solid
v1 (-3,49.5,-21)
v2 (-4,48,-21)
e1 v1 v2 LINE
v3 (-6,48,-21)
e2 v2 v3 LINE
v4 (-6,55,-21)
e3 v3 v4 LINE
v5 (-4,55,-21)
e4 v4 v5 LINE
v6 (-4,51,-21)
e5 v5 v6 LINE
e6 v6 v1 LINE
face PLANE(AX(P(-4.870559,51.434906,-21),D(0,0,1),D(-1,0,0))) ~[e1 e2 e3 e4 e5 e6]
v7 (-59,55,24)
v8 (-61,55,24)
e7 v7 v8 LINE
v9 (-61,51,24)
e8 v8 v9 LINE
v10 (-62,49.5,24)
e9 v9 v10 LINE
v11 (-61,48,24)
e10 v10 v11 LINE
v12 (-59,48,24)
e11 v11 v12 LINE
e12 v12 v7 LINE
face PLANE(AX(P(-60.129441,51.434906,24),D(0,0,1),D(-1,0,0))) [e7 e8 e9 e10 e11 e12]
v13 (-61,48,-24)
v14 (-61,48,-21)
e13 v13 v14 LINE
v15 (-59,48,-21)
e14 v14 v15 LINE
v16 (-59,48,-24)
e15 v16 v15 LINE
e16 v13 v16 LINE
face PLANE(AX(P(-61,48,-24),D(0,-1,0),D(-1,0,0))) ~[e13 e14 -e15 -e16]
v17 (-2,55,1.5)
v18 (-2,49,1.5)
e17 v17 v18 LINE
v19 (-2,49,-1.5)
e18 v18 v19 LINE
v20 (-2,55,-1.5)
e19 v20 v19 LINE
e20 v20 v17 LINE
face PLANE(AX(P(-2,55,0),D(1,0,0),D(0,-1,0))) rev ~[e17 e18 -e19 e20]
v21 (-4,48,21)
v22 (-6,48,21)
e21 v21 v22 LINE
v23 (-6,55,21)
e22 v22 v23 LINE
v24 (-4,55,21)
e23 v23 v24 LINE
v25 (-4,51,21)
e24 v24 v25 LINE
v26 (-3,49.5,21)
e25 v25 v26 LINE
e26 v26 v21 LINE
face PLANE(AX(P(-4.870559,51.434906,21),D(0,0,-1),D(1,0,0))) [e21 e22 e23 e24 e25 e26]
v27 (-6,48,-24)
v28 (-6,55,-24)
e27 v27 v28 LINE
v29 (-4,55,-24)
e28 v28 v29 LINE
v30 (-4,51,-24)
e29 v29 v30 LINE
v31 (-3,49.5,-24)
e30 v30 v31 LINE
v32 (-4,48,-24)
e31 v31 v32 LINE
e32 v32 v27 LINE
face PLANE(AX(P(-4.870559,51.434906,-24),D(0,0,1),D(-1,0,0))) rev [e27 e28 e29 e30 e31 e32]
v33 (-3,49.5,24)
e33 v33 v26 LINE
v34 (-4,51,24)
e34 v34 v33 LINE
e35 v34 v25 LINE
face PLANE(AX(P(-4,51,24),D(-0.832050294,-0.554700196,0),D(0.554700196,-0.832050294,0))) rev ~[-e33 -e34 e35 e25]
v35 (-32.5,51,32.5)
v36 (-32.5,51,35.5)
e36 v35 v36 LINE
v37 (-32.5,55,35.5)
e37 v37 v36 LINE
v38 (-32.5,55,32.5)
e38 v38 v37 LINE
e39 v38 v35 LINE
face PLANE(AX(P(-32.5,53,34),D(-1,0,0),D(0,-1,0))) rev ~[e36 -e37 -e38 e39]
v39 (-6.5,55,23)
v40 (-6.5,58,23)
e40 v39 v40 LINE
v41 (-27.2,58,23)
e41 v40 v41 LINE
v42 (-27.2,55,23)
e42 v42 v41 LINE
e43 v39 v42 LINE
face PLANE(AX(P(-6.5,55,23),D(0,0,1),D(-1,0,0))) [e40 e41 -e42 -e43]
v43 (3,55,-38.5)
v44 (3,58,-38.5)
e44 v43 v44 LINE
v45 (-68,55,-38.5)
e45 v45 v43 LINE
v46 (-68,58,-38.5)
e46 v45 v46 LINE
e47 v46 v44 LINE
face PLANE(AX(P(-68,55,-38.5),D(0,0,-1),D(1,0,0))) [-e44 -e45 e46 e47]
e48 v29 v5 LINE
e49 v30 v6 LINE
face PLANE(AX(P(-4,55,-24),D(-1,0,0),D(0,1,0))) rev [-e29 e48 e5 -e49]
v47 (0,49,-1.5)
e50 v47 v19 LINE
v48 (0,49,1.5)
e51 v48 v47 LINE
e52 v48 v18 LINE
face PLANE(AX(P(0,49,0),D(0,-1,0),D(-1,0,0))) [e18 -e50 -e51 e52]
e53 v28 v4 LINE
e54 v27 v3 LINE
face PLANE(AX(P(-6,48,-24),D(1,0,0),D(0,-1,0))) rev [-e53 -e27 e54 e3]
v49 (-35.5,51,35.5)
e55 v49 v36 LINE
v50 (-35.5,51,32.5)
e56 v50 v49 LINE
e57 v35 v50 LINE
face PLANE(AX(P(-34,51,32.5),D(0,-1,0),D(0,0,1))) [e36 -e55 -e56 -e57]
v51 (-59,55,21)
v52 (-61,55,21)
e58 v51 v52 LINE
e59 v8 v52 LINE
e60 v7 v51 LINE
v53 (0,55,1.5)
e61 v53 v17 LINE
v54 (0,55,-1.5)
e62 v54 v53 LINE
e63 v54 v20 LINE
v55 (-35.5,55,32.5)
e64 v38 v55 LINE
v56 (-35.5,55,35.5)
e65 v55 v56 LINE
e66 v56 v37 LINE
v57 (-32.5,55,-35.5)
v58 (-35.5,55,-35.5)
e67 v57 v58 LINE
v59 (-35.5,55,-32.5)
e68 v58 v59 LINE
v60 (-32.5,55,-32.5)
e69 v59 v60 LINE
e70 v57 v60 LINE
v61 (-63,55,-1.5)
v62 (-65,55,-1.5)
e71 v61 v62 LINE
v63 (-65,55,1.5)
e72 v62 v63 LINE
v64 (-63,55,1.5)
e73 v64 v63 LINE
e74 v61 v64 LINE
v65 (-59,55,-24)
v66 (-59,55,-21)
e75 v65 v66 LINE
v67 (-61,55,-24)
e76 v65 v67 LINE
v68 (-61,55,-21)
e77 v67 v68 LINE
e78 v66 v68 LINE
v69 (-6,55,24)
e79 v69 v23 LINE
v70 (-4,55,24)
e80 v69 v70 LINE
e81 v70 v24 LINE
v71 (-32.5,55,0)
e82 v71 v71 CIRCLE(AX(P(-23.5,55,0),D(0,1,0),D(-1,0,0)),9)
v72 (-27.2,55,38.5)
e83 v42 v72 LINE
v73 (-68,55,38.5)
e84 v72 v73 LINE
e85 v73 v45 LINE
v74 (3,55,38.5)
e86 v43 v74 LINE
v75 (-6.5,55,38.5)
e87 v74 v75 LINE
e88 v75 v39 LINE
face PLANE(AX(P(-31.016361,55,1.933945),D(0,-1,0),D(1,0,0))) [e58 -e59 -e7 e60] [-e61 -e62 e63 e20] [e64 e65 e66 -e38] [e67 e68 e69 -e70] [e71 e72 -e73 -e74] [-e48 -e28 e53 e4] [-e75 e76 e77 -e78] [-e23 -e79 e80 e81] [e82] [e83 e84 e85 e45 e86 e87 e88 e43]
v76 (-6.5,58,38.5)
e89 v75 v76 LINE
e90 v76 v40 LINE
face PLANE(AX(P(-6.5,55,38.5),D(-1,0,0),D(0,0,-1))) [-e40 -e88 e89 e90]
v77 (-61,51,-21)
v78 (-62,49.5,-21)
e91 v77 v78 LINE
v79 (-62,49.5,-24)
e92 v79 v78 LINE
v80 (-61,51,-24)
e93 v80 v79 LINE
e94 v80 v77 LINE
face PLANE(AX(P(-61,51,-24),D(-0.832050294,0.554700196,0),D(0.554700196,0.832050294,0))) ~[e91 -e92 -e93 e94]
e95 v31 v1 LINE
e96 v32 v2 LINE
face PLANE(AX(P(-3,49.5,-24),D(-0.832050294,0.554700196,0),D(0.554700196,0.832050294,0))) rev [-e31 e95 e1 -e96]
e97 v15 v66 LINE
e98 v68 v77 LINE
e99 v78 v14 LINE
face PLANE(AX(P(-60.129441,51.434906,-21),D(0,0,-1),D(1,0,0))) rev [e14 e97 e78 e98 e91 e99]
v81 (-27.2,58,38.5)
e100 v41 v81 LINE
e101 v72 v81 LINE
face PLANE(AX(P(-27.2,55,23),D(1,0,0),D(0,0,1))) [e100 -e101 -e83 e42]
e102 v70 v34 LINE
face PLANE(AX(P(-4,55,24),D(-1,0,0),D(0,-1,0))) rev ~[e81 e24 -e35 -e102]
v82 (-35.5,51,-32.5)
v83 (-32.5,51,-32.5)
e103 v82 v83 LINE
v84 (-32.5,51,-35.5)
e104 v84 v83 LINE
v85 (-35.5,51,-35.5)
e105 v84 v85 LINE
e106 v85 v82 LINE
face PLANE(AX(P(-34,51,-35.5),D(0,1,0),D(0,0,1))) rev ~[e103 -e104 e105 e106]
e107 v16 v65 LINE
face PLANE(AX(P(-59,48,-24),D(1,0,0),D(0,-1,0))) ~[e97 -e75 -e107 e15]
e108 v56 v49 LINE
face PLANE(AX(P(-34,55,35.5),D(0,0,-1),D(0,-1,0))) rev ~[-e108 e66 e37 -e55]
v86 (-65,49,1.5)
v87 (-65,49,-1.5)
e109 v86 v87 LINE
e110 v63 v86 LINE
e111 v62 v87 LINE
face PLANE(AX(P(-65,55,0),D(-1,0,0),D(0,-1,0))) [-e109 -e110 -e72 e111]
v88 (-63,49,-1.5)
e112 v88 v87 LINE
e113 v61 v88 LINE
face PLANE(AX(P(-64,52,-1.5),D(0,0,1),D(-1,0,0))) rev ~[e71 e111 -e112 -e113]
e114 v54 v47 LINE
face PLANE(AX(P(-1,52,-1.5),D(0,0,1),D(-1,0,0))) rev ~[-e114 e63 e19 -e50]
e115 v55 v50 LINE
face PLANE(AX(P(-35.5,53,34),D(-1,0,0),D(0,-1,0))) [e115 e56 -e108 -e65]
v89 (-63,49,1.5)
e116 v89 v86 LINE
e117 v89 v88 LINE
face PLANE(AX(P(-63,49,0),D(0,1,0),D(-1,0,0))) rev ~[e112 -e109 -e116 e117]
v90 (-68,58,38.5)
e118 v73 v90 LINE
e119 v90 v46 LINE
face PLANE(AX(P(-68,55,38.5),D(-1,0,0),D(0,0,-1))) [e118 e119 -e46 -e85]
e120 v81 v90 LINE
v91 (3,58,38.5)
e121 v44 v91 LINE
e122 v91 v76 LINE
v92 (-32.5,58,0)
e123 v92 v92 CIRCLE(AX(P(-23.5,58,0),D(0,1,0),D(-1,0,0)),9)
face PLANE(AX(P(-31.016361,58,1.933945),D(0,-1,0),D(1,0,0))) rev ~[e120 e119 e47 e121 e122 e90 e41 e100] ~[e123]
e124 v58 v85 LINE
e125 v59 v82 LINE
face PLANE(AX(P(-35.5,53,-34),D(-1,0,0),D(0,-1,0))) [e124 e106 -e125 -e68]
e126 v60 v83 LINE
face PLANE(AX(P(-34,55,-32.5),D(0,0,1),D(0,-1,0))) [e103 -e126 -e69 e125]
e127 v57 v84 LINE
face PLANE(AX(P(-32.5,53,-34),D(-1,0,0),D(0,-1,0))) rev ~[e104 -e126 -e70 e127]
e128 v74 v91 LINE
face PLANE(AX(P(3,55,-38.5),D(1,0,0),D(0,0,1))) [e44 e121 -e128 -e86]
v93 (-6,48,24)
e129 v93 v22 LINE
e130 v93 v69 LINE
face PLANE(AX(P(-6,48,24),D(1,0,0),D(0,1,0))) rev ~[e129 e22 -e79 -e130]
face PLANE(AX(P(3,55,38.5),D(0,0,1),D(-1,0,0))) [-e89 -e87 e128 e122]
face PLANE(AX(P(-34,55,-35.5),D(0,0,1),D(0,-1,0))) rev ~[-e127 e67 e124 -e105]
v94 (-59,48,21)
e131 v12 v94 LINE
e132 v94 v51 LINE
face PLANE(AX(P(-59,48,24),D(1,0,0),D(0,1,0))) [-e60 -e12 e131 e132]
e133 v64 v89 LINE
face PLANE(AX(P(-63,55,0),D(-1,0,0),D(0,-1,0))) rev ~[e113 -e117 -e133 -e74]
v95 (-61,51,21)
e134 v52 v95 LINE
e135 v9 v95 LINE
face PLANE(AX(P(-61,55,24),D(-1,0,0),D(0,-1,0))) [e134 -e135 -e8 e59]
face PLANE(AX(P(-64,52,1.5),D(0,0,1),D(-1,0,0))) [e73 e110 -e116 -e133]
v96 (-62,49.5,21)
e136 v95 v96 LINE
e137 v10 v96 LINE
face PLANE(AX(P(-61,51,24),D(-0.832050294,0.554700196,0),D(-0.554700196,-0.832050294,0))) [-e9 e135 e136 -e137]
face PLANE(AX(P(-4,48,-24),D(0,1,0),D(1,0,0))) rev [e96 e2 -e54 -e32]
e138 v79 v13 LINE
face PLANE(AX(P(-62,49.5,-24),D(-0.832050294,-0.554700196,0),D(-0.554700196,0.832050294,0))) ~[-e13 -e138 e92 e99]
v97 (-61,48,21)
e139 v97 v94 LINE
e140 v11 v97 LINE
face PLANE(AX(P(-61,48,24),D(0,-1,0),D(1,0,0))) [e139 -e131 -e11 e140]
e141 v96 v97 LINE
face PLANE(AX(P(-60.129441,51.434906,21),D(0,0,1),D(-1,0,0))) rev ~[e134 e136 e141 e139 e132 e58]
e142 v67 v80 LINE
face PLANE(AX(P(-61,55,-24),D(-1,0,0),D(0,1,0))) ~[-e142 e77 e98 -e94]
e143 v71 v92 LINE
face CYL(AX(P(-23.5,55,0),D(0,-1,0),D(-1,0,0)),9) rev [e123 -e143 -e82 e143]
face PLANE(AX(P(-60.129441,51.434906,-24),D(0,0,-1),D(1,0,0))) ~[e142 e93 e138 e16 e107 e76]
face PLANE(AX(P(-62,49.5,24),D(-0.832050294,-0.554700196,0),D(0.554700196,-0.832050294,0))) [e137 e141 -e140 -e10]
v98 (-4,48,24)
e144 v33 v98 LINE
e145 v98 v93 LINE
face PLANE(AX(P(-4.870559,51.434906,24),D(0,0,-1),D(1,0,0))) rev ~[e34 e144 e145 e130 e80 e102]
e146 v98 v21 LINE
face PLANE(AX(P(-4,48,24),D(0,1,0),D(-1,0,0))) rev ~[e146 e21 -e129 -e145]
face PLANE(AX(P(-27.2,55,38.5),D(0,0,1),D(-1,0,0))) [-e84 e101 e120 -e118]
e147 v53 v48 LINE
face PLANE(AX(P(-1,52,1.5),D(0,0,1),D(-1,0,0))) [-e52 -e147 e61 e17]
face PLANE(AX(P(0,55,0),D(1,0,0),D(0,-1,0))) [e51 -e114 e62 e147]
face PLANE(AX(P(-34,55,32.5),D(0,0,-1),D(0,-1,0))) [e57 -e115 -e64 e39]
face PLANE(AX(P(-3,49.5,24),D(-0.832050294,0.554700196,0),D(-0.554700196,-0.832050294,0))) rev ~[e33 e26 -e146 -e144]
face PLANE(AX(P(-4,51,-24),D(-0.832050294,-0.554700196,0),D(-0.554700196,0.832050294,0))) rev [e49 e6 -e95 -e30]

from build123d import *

# Parameters (mm, degrees)
SKETCH010_R             = 9
PAD006_DEPTH            = 3
PAD007_DEPTH            = 3
SKETCH012_W             = 2
SKETCH012_H             = 6
PAD008_DEPTH            = 1.5
SKETCH013_W             = 4
SKETCH013_H             = 3
PAD009_DEPTH            = 1.5
BODY004_PLACEMENT_ANGLE = 180


with BuildPart() as part:
    # Sketch010 → Pad006 (new body)
    with BuildSketch(Plane.XZ):
        Polygon((68, 38.5), (68, -38.5), (-3, -38.5), (-3, 38.5), (6.5, 38.5), (6.5, 23), (27.2, 23), (27.2, 38.5), align=None)
        with Locations((23.5, 0)):
            Circle(SKETCH010_R, mode=Mode.SUBTRACT)
    extrude(amount=PAD006_DEPTH)

    # Sketch011 → Pad007 (join)
    with BuildSketch(Plane.XY.offset(24)):
        Polygon((61, 0), (61, 4), (62, 5.5), (61, 7), (59, 7), (59, 0), align=None)
        Polygon((4, 0), (4, 4), (3, 5.5), (4, 7), (6, 7), (6, 0), align=None)
    pad007 = extrude(amount=-PAD007_DEPTH)

    # Mirrored002: Pad007 across XY
    add(pad007.mirror(Plane.XY))

    # Sketch012 → Pad008 (join, symmetric)
    with BuildSketch(Plane.XY):
        with Locations((1, 3)):
            Rectangle(SKETCH012_W, SKETCH012_H)
        with Locations((64, 3)):
            Rectangle(SKETCH012_W, SKETCH012_H)
    extrude(amount=PAD008_DEPTH, both=True)

    # Sketch013 → Pad009 (join, symmetric)
    with BuildSketch(Plane.YZ.offset(34)):
        with Locations((2, -34)):
            Rectangle(SKETCH013_W, SKETCH013_H)
        with Locations((2, 34)):
            Rectangle(SKETCH013_W, SKETCH013_H)
    extrude(amount=PAD009_DEPTH, both=True)


with BuildPart() as part_1:
    # Body004 placement: moved
    add(part.part.moved(Location((0, 55, 0))).rotate(Axis((0, 55, 0), (0, 0, 1)), BODY004_PLACEMENT_ANGLE))


solid = part_1.part
